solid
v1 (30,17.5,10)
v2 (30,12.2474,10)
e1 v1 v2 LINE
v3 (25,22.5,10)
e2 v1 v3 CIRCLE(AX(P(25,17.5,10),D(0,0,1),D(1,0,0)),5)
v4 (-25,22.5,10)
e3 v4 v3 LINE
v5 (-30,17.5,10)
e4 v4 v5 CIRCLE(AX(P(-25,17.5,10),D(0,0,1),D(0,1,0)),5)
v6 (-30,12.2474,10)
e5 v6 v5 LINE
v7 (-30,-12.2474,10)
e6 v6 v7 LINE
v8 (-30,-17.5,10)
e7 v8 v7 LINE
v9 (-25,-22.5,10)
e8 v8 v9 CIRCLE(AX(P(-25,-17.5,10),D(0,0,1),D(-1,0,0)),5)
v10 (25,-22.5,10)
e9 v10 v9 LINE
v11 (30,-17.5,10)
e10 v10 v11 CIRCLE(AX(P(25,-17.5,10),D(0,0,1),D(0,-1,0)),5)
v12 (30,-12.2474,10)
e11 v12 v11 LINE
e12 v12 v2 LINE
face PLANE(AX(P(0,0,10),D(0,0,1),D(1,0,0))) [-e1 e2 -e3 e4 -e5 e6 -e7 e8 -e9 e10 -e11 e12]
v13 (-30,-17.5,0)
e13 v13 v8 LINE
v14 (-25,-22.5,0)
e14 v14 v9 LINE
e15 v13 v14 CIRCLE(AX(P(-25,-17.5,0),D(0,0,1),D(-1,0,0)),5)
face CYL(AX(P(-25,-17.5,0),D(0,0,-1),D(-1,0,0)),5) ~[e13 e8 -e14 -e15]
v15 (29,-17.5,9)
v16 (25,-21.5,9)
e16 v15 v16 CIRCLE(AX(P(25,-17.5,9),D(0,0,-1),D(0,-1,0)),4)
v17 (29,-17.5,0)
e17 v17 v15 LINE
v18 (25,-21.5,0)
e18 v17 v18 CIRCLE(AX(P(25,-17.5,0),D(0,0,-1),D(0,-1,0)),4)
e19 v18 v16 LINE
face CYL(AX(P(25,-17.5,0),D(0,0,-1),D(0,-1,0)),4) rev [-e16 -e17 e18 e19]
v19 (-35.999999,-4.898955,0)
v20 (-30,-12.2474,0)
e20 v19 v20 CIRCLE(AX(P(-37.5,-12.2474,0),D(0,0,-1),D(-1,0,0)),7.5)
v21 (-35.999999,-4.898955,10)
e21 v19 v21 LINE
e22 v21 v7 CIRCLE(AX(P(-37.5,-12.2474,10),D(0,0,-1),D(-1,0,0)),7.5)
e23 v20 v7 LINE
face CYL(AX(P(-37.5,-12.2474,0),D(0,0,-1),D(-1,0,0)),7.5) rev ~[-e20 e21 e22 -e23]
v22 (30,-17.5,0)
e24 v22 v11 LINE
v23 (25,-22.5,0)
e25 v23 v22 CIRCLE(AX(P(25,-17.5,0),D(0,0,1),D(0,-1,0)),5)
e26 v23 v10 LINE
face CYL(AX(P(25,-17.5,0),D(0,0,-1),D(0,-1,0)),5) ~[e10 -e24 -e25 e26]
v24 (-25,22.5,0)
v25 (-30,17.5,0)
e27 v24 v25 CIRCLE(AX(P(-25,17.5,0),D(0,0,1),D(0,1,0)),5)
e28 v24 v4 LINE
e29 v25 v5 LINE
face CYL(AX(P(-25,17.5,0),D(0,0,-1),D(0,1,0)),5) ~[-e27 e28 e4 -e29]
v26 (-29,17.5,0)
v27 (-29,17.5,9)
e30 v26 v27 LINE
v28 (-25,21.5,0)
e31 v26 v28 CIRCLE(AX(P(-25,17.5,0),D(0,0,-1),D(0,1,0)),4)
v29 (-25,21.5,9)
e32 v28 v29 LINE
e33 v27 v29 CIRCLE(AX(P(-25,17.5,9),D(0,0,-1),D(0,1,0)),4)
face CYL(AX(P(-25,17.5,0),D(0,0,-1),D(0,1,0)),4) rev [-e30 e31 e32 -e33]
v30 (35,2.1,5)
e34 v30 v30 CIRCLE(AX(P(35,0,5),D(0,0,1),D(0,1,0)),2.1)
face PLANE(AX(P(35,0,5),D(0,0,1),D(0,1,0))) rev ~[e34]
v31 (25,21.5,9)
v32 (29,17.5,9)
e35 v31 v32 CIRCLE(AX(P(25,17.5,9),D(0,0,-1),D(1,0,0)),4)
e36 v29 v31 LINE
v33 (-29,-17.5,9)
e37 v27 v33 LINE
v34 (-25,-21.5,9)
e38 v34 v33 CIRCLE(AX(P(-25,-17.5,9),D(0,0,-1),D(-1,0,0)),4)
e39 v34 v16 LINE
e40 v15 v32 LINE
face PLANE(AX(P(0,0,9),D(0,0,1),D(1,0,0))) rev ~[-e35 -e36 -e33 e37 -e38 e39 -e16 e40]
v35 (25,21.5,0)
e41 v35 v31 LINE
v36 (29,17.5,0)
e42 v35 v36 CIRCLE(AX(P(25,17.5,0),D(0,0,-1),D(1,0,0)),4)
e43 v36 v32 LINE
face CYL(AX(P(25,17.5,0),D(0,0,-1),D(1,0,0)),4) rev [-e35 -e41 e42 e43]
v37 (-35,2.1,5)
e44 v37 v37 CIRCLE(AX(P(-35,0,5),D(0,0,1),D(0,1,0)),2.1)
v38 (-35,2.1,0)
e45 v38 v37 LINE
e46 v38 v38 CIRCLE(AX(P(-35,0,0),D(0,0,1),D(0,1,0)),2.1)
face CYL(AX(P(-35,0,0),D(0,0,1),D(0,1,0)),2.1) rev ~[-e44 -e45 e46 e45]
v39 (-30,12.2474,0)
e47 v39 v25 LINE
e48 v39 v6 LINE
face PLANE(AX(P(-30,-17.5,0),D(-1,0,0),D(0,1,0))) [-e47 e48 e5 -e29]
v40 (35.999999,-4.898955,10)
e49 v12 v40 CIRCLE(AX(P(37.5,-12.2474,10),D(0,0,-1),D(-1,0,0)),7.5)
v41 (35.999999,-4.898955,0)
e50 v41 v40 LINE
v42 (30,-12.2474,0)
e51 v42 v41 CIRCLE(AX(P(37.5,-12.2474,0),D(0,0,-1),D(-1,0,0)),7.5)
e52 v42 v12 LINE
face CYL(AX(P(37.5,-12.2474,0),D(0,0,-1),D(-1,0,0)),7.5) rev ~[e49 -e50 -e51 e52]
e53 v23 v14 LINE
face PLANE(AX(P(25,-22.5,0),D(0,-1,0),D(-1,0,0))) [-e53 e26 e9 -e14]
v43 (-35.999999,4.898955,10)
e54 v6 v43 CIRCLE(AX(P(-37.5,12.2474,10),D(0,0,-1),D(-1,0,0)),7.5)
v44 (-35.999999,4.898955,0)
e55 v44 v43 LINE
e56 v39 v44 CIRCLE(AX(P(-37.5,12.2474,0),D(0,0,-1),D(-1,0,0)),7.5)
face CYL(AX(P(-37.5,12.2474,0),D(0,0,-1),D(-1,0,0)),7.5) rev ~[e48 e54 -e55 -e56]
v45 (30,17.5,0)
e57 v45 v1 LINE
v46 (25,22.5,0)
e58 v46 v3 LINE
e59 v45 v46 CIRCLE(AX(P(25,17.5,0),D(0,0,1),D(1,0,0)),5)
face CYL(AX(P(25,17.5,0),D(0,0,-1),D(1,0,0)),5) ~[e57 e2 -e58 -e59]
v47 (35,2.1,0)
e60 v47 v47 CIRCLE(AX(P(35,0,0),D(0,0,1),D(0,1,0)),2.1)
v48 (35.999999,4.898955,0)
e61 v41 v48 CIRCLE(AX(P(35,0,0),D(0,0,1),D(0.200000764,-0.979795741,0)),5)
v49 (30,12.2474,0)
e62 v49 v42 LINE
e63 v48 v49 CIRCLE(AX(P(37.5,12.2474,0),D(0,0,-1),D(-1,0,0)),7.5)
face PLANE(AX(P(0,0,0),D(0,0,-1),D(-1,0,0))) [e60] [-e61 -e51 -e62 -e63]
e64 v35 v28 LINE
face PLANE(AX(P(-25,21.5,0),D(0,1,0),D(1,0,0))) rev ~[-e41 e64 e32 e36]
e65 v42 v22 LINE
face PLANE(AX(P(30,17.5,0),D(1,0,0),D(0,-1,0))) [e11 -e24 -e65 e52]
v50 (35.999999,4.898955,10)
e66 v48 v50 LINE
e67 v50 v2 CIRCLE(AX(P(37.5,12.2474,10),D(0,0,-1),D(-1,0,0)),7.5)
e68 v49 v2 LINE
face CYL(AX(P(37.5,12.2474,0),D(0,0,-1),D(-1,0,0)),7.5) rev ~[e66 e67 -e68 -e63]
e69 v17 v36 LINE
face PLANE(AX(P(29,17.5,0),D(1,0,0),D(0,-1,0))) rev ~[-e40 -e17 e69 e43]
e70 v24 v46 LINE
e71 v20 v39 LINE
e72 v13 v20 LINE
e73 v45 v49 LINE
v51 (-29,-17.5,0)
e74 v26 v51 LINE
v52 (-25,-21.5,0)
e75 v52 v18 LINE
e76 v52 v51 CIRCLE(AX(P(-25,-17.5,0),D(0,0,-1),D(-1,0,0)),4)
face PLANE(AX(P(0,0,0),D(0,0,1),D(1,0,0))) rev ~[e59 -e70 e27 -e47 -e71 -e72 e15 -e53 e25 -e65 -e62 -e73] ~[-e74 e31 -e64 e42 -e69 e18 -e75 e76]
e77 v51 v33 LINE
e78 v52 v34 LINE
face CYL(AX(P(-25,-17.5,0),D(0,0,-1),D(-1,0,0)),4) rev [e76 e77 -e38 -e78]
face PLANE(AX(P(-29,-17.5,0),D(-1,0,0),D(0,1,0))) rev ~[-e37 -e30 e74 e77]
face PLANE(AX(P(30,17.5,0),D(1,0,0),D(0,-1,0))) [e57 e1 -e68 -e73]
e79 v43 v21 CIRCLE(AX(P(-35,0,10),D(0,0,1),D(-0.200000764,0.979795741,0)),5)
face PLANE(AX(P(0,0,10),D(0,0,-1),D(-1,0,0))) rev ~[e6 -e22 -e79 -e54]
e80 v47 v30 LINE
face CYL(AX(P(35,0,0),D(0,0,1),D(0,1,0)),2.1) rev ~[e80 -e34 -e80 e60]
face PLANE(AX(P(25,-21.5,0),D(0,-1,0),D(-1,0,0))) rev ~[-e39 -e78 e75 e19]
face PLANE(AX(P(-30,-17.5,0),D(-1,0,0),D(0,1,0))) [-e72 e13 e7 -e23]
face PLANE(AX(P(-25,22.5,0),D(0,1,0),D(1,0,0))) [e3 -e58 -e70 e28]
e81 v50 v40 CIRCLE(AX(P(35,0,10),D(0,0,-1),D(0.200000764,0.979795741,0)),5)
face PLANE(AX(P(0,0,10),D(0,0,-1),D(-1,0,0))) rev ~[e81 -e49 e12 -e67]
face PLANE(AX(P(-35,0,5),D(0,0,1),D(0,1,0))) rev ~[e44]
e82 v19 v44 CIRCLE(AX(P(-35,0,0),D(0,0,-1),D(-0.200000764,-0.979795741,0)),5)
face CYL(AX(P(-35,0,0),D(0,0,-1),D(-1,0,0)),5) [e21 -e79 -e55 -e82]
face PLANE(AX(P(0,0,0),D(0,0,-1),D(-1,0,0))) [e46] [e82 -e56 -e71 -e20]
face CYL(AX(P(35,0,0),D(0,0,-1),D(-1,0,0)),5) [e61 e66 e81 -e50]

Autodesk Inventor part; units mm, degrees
ref_plane "YZ Plane" through (0, 0, 0) normal (1, 0, 0) x (0, 1, 0)
ref_plane "XZ Plane" through (0, 0, 0) normal (0, 1, 0) x (-1, 0, 0)
ref_plane "XY Plane" through (0, 0, 0) normal (0, 0, 1) x (1, 0, 0)
sketch "Boceto1" plane through (0, 0, 0) normal (0, 0, 1) x (1, 0, 0)
  line L0 (-25, 22.5) -> (25, 22.5)
  line L1 (30, 17.5) -> (30, -17.5)
  line L2 (25, -22.5) -> (-25, -22.5)
  line L3 (-30, -17.5) -> (-30, 17.5)
  line L4 (-30, 22.5) -> (30, -22.5) construction
  line L5 (30, 22.5) -> (-30, -22.5) construction
  line L6 (-25, 20.5) -> (25, 20.5)
  line L7 (28, 17.5) -> (28, -17.5)
  line L8 (25, -20.5) -> (-25, -20.5)
  line L9 (-28, -17.5) -> (-28, 17.5)
  arc A0 (-30, -17.5) -> (-25, -22.5) centre (-25, -17.5) ccw
  arc A1 (25, -22.5) -> (30, -17.5) centre (25, -17.5) ccw
  arc A2 (30, 17.5) -> (25, 22.5) centre (25, 17.5) ccw
  arc A3 (-25, 22.5) -> (-30, 17.5) centre (-25, 17.5) ccw
  arc A4 (-25, 20.5) -> (-28, 17.5) centre (-25, 17.5) ccw
  arc A5 (28, 17.5) -> (25, 20.5) centre (25, 17.5) ccw
  arc A6 (25, -20.5) -> (28, -17.5) centre (25, -17.5) ccw
  arc A7 (-28, -17.5) -> (-25, -20.5) centre (-25, -17.5) ccw
  point P0 (0, 0)
  point P1 (-28, 20.5)
  point P2 (28, 20.5)
  point P3 (28, -20.5)
  point P4 (-28, -20.5)
  dimension "d0" = 45
  dimension "d1" = 2
  dimension "d5" = 5
  dimension "d6" = 3
extrude "Extrusión1" add sketch "Boceto1" along normal blind 10 contours L0 A2 L1 A1 L2 A0 L3 A3 | L6 A5 L7 A6 L8 A7 L9 A4
shell "Vaciado1" thickness 1 removed faces 1 at (-8.3333, -7.5, 0)
sketch "Boceto2" plane through (0, 0, 0) normal (0, 0, -1) x (-1, 0, 0)
  line L0 (25, -22.5) -> (-25, -22.5) projected
  arc A0 (-30, -17.5) -> (-25, -22.5) centre (-25, -17.5) ccw projected
  line L1 (-30, -17.5) -> (-30, 17.5) projected
  arc A1 (-25, 22.5) -> (-30, 17.5) centre (-25, 17.5) ccw projected
  line L2 (-25, 22.5) -> (25, 22.5) projected
  arc A2 (30, 17.5) -> (25, 22.5) centre (25, 17.5) ccw projected
  line L3 (30, 17.5) -> (30, -17.5) projected
  arc A3 (25, -22.5) -> (30, -17.5) centre (25, -17.5) ccw projected
  line L4 (30, 0) -> (40, 0)
  line L5 (-30, 0) -> (-40, 0)
  circle A4 centre (35, 0) radius 5
  circle A5 centre (-35, 0) radius 5
  circle A6 centre (35, 0) radius 2.1
  circle A7 centre (-35, 0) radius 2.1
  circle A8 centre (37.5, -12.2474) radius 7.5
  line L6 (30, 17.5) -> (30, -17.5) projected
  circle A9 centre (-37.5, 12.2474) radius 7.5
  circle A10 centre (-37.5, -12.2474) radius 7.5
  circle A11 centre (37.5, 12.2474) radius 7.5
  line L7 (-30, -17.5) -> (-30, 17.5) projected
  point P0 (0, 0)
  point P1 (-36, -4.899)
  point P2 (-30, -12.2474)
  point P3 (-30, 12.2474)
  point P4 (-36, 4.899)
  point P5 (36, 4.899)
  point P6 (30, 12.2474)
  point P7 (30, -12.2474)
  point P8 (36, -4.899)
  dimension "d8" = 10
  dimension "d9" = 10
  dimension "d10" = 4.2
  dimension "d11" = 4.2
  dimension "d12" = 15
  dimension "d14" = 15
  dimension "d15" = 15
  dimension "d16" = 15
extrude "Extrusión2" add sketch "Boceto2" against normal blind 10 contours L3 A4 A8 | A10 A5 L1 | A4 L4 A6 | L3 A11 A4 | L4 A6 A4 | A5 A9 L1 | A5 L5 A7 | L5 A7 A5 | A6 L4 | L4 A6 | A7 L5 | L5 A7
sketch "Boceto3" plane through (0, 0, 0) normal (0, 0, -1) x (-1, 0, 0)
  arc A0 (-36, 4.899) -> (-36, -4.899) centre (-35, 0) ccw projected
  arc A1 (36, -4.899) -> (36, 4.899) centre (35, 0) ccw projected
  point P0 (0, 0)
hole "Agujero1" at (35, 0, 0) at (-35, 0, 0) direction (0, 0, 1) diameter 4.2 depth 5
properties part number "Deshumidicador"
